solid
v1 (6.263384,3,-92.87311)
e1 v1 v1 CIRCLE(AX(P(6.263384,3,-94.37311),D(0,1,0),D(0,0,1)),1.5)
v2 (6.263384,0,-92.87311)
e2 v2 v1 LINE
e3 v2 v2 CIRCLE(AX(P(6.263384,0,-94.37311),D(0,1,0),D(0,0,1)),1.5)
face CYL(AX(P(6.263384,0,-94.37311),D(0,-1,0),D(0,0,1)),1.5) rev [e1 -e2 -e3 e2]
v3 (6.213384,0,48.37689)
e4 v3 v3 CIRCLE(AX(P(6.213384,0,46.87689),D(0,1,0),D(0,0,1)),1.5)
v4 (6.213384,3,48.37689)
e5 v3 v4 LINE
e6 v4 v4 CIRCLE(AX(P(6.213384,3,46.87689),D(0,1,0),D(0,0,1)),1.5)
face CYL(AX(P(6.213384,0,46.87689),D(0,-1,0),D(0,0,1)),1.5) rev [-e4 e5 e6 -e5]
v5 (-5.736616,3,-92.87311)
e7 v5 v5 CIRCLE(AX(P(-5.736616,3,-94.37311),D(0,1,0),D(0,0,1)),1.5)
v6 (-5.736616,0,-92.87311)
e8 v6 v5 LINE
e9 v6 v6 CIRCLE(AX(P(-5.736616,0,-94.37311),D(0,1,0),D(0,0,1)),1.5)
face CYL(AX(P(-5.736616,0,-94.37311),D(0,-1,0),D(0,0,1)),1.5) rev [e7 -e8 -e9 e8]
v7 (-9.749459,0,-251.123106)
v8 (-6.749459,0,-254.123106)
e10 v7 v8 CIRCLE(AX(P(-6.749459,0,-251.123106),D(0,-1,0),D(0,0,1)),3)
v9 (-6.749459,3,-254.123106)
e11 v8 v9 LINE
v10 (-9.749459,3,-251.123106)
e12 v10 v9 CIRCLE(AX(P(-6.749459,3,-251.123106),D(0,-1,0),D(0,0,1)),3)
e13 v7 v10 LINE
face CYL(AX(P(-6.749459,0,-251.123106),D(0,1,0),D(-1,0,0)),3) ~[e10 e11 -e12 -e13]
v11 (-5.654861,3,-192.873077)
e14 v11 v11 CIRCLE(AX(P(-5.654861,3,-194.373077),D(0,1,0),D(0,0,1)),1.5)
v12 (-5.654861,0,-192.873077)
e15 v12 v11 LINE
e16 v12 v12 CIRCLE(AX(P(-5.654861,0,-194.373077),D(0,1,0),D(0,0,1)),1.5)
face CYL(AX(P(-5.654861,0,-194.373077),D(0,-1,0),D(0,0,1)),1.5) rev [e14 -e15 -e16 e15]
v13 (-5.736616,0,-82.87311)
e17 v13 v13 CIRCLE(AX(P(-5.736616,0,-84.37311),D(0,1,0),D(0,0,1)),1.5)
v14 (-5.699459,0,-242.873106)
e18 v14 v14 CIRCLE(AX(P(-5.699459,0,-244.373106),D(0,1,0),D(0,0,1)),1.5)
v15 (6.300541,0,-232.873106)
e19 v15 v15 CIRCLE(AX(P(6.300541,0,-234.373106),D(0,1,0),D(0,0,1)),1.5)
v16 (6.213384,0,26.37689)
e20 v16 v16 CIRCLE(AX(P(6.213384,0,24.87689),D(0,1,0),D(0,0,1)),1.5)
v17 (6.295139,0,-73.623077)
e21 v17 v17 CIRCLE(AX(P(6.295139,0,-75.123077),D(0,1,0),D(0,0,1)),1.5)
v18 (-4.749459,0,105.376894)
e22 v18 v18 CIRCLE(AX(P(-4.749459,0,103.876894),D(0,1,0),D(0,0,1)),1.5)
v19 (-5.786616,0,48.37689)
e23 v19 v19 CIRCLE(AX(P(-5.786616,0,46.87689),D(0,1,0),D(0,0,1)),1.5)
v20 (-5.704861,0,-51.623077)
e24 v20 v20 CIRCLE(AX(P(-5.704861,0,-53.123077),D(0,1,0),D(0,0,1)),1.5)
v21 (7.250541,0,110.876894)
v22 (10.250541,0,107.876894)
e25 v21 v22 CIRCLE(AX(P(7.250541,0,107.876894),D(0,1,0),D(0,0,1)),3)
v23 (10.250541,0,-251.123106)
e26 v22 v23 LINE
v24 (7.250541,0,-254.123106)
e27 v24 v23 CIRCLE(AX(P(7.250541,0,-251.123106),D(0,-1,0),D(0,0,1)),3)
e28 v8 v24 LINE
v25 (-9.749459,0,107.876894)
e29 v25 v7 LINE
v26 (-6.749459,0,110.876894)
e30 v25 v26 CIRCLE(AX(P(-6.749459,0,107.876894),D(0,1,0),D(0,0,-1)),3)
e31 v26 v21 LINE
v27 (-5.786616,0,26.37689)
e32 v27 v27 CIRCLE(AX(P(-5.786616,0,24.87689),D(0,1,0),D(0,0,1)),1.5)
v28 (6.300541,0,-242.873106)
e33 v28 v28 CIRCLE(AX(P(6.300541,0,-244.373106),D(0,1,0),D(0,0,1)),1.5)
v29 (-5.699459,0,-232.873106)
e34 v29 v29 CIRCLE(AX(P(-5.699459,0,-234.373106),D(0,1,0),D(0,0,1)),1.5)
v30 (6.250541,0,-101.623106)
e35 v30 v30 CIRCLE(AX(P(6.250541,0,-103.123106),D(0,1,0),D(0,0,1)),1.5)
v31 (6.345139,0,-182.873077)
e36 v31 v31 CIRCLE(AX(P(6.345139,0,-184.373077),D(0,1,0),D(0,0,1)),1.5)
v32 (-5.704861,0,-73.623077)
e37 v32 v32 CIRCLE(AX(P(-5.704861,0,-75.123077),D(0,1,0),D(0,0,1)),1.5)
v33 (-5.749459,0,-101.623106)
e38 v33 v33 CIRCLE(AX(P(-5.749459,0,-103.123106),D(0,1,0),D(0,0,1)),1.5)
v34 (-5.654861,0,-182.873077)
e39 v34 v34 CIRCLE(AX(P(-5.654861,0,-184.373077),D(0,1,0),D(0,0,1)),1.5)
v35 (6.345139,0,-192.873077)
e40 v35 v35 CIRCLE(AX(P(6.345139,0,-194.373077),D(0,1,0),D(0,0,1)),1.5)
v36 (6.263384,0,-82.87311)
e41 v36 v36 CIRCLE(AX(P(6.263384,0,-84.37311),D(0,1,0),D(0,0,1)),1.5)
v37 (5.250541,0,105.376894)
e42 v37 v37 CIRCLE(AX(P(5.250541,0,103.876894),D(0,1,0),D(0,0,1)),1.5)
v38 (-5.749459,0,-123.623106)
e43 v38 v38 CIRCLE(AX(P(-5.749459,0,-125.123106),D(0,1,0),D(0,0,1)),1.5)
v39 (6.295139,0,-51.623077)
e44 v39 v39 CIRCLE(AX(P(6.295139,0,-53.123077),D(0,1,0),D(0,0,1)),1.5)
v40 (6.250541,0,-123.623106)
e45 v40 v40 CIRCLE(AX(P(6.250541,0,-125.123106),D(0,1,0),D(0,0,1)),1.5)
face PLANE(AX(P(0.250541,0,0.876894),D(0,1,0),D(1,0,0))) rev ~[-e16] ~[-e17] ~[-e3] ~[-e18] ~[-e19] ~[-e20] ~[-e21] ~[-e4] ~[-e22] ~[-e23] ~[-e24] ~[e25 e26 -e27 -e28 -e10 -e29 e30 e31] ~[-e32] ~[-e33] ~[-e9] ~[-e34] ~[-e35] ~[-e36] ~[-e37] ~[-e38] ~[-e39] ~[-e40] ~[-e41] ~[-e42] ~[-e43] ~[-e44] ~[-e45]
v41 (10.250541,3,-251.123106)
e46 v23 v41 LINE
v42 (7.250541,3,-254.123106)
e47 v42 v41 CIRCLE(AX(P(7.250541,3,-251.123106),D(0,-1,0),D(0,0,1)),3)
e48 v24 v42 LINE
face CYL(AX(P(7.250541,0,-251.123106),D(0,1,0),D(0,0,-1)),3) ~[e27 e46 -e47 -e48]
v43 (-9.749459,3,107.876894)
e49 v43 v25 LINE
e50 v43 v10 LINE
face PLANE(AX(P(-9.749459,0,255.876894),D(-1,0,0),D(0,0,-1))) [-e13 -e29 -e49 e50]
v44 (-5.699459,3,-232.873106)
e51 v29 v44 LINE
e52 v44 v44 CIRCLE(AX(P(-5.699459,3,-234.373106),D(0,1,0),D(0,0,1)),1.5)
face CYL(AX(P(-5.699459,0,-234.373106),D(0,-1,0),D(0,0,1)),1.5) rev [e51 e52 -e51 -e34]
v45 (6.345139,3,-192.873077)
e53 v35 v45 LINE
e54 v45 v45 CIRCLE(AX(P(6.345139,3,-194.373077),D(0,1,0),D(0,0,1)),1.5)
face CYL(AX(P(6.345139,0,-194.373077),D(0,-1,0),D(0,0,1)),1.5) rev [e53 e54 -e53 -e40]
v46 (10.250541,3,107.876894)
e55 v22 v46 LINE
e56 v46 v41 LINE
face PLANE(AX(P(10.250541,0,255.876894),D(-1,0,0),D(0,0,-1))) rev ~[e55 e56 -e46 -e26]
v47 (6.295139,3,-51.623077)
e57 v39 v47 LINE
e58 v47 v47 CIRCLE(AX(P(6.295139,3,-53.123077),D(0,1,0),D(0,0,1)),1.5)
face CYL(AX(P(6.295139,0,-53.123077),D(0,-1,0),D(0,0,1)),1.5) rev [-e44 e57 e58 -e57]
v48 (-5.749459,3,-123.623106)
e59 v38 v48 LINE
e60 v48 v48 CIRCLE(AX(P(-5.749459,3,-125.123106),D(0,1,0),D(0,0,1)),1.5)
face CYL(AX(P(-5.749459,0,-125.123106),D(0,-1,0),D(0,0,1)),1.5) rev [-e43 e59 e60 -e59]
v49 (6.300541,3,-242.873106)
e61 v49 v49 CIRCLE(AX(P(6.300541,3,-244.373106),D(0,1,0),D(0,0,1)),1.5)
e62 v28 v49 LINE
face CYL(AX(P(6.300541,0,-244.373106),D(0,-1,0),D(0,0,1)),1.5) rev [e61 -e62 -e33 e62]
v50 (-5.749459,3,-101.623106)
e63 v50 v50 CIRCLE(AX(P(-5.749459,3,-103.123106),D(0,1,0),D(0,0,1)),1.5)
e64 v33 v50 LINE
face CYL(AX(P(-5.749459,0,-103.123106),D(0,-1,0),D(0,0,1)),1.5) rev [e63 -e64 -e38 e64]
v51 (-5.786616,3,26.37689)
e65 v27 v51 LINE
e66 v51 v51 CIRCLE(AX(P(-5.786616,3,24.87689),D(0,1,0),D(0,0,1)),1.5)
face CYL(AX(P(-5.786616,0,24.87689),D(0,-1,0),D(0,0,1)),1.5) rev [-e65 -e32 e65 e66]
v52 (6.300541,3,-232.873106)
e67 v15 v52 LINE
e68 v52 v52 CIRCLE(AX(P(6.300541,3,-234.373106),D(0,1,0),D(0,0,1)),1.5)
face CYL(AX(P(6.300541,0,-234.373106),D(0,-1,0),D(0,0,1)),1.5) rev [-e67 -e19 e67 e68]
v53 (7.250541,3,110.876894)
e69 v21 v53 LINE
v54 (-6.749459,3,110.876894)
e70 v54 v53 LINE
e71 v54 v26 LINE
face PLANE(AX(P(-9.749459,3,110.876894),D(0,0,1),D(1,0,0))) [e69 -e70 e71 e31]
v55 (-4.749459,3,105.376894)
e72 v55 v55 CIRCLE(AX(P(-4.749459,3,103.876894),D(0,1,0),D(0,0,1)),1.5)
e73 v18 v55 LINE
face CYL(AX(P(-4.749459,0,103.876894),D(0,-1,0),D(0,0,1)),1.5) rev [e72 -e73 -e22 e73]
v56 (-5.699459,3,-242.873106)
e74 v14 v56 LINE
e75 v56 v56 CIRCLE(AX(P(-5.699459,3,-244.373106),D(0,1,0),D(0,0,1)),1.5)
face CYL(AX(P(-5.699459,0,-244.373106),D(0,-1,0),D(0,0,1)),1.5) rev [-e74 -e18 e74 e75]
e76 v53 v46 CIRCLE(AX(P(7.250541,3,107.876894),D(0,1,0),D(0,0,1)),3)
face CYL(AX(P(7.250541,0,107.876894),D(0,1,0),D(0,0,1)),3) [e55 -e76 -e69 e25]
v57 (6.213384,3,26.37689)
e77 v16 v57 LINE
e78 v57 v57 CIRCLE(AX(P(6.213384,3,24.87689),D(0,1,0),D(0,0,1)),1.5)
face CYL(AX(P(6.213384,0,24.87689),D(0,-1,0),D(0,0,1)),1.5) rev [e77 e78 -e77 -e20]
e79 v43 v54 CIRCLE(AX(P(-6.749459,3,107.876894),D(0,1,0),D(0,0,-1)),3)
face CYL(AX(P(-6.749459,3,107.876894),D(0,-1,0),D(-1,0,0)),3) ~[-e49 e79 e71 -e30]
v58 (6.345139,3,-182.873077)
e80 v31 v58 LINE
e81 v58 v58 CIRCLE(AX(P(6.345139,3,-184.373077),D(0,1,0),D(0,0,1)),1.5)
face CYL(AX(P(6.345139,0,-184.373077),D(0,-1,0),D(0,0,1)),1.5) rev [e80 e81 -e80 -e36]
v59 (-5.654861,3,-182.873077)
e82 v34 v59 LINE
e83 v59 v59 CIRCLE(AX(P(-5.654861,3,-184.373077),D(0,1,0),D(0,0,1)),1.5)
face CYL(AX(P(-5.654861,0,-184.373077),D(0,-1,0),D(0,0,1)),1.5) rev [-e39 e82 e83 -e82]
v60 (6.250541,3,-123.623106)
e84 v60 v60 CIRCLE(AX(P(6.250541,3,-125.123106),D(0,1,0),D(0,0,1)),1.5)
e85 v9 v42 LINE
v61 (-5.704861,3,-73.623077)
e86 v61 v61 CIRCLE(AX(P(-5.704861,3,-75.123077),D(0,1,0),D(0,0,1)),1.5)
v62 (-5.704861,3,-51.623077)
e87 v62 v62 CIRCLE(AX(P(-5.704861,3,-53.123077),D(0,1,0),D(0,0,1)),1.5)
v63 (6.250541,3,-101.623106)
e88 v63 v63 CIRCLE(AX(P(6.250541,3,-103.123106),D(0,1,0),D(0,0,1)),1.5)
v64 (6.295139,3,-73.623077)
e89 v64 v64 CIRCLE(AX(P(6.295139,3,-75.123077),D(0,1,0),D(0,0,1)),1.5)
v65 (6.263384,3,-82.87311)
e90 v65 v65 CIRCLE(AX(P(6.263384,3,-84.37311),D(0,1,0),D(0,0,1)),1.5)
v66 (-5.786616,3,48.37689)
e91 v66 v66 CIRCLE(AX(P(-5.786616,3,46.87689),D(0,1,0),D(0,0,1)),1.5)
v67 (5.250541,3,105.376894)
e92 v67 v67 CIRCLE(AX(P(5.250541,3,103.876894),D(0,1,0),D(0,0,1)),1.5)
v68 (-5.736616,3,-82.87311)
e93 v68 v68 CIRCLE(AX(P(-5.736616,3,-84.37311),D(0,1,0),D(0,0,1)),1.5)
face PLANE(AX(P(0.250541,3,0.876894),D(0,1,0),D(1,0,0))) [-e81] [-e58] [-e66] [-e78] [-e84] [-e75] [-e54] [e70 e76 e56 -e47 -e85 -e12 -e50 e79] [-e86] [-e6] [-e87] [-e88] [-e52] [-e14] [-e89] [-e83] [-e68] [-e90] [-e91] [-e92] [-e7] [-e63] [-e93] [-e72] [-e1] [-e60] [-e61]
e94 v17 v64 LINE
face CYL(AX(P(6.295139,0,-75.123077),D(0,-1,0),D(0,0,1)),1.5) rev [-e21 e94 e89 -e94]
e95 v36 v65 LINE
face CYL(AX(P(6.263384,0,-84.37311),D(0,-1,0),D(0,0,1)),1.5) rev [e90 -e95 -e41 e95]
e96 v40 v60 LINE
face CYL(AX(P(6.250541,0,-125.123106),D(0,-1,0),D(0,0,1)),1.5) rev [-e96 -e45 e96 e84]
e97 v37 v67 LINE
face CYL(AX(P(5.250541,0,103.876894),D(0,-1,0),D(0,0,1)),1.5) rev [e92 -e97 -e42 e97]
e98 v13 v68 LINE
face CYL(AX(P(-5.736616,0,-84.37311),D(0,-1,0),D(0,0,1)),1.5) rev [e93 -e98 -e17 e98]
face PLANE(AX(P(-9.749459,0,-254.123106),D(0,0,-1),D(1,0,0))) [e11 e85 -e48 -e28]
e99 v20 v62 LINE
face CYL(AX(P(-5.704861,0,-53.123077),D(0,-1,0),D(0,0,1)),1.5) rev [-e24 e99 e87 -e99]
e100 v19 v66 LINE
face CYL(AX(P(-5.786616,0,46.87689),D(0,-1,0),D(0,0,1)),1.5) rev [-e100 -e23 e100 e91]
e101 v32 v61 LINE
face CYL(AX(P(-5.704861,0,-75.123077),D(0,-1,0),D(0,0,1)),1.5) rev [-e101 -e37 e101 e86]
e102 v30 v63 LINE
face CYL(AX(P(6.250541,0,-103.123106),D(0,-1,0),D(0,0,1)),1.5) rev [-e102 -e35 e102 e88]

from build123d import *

# Parameters (mm, degrees)
SKETCH_1_W          = 20
SKETCH_1_H          = 510
SKETCH_1_R          = 1.5
EXTRUDE_1_DEPTH     = 3
SKETCH_2_W          = 20
SKETCH_2_H          = 20
CUT_EXTRUDE_1_DEPTH = 257.099704345
SKETCH_3_R          = 1.5
CUT_EXTRUDE_2_DEPTH = 255.347452337
SKETCH_4_W          = 28.97548265
SKETCH_4_H          = 146.861301177
CUT_EXTRUDE_3_DEPTH = 255.347452337
FILLET_1_R          = 3


with BuildPart() as part:
    # 草图1 → 凸台-拉伸1 (new body)
    with BuildSketch(Plane(origin=(0, 0, 0), x_dir=(1, 0, 0), z_dir=(0, 1, 0))):
        with Locations((0.250541192, -0.876894172)):
            Rectangle(SKETCH_1_W, SKETCH_1_H)
        with Locations(Location((5.250541192, -103.876894172, 0), (0, 0, 270))):
            Circle(SKETCH_1_R, mode=Mode.SUBTRACT)
        with Locations(Location((-4.749458808, -103.876894172, 0), (0, 0, 270))):
            Circle(SKETCH_1_R, mode=Mode.SUBTRACT)
        with Locations(Location((6.213384437, -46.87688957, 0), (0, 0, 270))):
            Circle(SKETCH_1_R, mode=Mode.SUBTRACT)
        with Locations(Location((-5.786615563, -46.87688957, 0), (0, 0, 270))):
            Circle(SKETCH_1_R, mode=Mode.SUBTRACT)
        with Locations(Location((6.213384437, -24.87688957, 0), (0, 0, 270))):
            Circle(SKETCH_1_R, mode=Mode.SUBTRACT)
        with Locations(Location((-5.786615563, -24.87688957, 0), (0, 0, 270))):
            Circle(SKETCH_1_R, mode=Mode.SUBTRACT)
        with Locations(Location((6.295138669, 53.123077011, 0), (0, 0, 270))):
            Circle(SKETCH_1_R, mode=Mode.SUBTRACT)
        with Locations(Location((-5.704861331, 53.123077011, 0), (0, 0, 270))):
            Circle(SKETCH_1_R, mode=Mode.SUBTRACT)
        with Locations(Location((6.295138669, 75.123077011, 0), (0, 0, 270))):
            Circle(SKETCH_1_R, mode=Mode.SUBTRACT)
        with Locations(Location((-5.704861331, 75.123077011, 0), (0, 0, 270))):
            Circle(SKETCH_1_R, mode=Mode.SUBTRACT)
        with Locations(Location((6.263384437, 84.37311043, 0), (0, 0, 270))):
            Circle(SKETCH_1_R, mode=Mode.SUBTRACT)
        with Locations(Location((-5.736615563, 84.37311043, 0), (0, 0, 270))):
            Circle(SKETCH_1_R, mode=Mode.SUBTRACT)
        with Locations(Location((6.263384437, 94.37311043, 0), (0, 0, 270))):
            Circle(SKETCH_1_R, mode=Mode.SUBTRACT)
        with Locations(Location((-5.736615563, 94.37311043, 0), (0, 0, 270))):
            Circle(SKETCH_1_R, mode=Mode.SUBTRACT)
        with Locations(Location((6.250541192, 103.123105828, 0), (0, 0, 270))):
            Circle(SKETCH_1_R, mode=Mode.SUBTRACT)
        with Locations(Location((-5.749458808, 103.123105828, 0), (0, 0, 270))):
            Circle(SKETCH_1_R, mode=Mode.SUBTRACT)
        with Locations(Location((6.250541192, 125.123105828, 0), (0, 0, 270))):
            Circle(SKETCH_1_R, mode=Mode.SUBTRACT)
        with Locations(Location((-5.749458808, 125.123105828, 0), (0, 0, 270))):
            Circle(SKETCH_1_R, mode=Mode.SUBTRACT)
        with Locations(Location((6.345138669, 184.373077011, 0), (0, 0, 270))):
            Circle(SKETCH_1_R, mode=Mode.SUBTRACT)
        with Locations(Location((-5.654861331, 184.373077011, 0), (0, 0, 270))):
            Circle(SKETCH_1_R, mode=Mode.SUBTRACT)
        with Locations(Location((6.345138669, 194.373077011, 0), (0, 0, 270))):
            Circle(SKETCH_1_R, mode=Mode.SUBTRACT)
        with Locations(Location((-5.654861331, 194.373077011, 0), (0, 0, 270))):
            Circle(SKETCH_1_R, mode=Mode.SUBTRACT)
        with Locations(Location((6.300541192, 234.373105828, 0), (0, 0, 270))):
            Circle(SKETCH_1_R, mode=Mode.SUBTRACT)
        with Locations(Location((-5.699458808, 234.373105828, 0), (0, 0, 270))):
            Circle(SKETCH_1_R, mode=Mode.SUBTRACT)
        with Locations(Location((6.300541192, 244.373105828, 0), (0, 0, 270))):
            Circle(SKETCH_1_R, mode=Mode.SUBTRACT)
        with Locations(Location((-5.699458808, 244.373105828, 0), (0, 0, 270))):
            Circle(SKETCH_1_R, mode=Mode.SUBTRACT)
    extrude(amount=EXTRUDE_1_DEPTH)

    # 草图2 → 切除-拉伸1 (cut, through all)
    with BuildSketch(Plane(origin=(0, 3, 0), x_dir=(1, 0, 0), z_dir=(0, 1, 0))):
        with Locations((0.250541192, -245.876894172)):
            Rectangle(SKETCH_2_W, SKETCH_2_H)
    extrude(amount=-CUT_EXTRUDE_1_DEPTH, mode=Mode.SUBTRACT)

    # 草图3 → 切除-拉伸2 (cut, through all)
    with BuildSketch(Plane(origin=(0, 3, 0), x_dir=(1, 0, 0), z_dir=(0, 1, 0))):
        with Locations(Location((-5.749458808, -170.876894172, 0), (0, 0, 270))):
            Circle(SKETCH_3_R)
        with Locations(Location((-5.749458808, -200.876894172, 0), (0, 0, 270))):
            Circle(SKETCH_3_R)
        with Locations(Location((6.250541192, -170.876894172, 0), (0, 0, 90))):
            Circle(SKETCH_3_R)
        with Locations(Location((6.250541192, -200.876894172, 0), (0, 0, 90))):
            Circle(SKETCH_3_R)
    extrude(amount=-CUT_EXTRUDE_2_DEPTH, mode=Mode.SUBTRACT)

    # 草图4 → 切除-拉伸3 (cut, through all)
    with BuildSketch(Plane(origin=(0, 3, 0), x_dir=(1, 0, 0), z_dir=(0, 1, 0))):
        with Locations((4.738282517, -184.307544761)):
            Rectangle(SKETCH_4_W, SKETCH_4_H)
    extrude(amount=-CUT_EXTRUDE_3_DEPTH, mode=Mode.SUBTRACT)

    # 圆角1
    fillet_1_edges = [part.edges().sort_by_distance(p)[0] for p in [
        (10.250541192, 1.5, 110.876894172),
        (-9.749458808, 1.5, 110.876894172),
        (10.250541192, 1.5, -254.123105828),
        (-9.749458808, 1.5, -254.123105828),
    ]]
    fillet(fillet_1_edges, radius=FILLET_1_R)


solid = part.part
